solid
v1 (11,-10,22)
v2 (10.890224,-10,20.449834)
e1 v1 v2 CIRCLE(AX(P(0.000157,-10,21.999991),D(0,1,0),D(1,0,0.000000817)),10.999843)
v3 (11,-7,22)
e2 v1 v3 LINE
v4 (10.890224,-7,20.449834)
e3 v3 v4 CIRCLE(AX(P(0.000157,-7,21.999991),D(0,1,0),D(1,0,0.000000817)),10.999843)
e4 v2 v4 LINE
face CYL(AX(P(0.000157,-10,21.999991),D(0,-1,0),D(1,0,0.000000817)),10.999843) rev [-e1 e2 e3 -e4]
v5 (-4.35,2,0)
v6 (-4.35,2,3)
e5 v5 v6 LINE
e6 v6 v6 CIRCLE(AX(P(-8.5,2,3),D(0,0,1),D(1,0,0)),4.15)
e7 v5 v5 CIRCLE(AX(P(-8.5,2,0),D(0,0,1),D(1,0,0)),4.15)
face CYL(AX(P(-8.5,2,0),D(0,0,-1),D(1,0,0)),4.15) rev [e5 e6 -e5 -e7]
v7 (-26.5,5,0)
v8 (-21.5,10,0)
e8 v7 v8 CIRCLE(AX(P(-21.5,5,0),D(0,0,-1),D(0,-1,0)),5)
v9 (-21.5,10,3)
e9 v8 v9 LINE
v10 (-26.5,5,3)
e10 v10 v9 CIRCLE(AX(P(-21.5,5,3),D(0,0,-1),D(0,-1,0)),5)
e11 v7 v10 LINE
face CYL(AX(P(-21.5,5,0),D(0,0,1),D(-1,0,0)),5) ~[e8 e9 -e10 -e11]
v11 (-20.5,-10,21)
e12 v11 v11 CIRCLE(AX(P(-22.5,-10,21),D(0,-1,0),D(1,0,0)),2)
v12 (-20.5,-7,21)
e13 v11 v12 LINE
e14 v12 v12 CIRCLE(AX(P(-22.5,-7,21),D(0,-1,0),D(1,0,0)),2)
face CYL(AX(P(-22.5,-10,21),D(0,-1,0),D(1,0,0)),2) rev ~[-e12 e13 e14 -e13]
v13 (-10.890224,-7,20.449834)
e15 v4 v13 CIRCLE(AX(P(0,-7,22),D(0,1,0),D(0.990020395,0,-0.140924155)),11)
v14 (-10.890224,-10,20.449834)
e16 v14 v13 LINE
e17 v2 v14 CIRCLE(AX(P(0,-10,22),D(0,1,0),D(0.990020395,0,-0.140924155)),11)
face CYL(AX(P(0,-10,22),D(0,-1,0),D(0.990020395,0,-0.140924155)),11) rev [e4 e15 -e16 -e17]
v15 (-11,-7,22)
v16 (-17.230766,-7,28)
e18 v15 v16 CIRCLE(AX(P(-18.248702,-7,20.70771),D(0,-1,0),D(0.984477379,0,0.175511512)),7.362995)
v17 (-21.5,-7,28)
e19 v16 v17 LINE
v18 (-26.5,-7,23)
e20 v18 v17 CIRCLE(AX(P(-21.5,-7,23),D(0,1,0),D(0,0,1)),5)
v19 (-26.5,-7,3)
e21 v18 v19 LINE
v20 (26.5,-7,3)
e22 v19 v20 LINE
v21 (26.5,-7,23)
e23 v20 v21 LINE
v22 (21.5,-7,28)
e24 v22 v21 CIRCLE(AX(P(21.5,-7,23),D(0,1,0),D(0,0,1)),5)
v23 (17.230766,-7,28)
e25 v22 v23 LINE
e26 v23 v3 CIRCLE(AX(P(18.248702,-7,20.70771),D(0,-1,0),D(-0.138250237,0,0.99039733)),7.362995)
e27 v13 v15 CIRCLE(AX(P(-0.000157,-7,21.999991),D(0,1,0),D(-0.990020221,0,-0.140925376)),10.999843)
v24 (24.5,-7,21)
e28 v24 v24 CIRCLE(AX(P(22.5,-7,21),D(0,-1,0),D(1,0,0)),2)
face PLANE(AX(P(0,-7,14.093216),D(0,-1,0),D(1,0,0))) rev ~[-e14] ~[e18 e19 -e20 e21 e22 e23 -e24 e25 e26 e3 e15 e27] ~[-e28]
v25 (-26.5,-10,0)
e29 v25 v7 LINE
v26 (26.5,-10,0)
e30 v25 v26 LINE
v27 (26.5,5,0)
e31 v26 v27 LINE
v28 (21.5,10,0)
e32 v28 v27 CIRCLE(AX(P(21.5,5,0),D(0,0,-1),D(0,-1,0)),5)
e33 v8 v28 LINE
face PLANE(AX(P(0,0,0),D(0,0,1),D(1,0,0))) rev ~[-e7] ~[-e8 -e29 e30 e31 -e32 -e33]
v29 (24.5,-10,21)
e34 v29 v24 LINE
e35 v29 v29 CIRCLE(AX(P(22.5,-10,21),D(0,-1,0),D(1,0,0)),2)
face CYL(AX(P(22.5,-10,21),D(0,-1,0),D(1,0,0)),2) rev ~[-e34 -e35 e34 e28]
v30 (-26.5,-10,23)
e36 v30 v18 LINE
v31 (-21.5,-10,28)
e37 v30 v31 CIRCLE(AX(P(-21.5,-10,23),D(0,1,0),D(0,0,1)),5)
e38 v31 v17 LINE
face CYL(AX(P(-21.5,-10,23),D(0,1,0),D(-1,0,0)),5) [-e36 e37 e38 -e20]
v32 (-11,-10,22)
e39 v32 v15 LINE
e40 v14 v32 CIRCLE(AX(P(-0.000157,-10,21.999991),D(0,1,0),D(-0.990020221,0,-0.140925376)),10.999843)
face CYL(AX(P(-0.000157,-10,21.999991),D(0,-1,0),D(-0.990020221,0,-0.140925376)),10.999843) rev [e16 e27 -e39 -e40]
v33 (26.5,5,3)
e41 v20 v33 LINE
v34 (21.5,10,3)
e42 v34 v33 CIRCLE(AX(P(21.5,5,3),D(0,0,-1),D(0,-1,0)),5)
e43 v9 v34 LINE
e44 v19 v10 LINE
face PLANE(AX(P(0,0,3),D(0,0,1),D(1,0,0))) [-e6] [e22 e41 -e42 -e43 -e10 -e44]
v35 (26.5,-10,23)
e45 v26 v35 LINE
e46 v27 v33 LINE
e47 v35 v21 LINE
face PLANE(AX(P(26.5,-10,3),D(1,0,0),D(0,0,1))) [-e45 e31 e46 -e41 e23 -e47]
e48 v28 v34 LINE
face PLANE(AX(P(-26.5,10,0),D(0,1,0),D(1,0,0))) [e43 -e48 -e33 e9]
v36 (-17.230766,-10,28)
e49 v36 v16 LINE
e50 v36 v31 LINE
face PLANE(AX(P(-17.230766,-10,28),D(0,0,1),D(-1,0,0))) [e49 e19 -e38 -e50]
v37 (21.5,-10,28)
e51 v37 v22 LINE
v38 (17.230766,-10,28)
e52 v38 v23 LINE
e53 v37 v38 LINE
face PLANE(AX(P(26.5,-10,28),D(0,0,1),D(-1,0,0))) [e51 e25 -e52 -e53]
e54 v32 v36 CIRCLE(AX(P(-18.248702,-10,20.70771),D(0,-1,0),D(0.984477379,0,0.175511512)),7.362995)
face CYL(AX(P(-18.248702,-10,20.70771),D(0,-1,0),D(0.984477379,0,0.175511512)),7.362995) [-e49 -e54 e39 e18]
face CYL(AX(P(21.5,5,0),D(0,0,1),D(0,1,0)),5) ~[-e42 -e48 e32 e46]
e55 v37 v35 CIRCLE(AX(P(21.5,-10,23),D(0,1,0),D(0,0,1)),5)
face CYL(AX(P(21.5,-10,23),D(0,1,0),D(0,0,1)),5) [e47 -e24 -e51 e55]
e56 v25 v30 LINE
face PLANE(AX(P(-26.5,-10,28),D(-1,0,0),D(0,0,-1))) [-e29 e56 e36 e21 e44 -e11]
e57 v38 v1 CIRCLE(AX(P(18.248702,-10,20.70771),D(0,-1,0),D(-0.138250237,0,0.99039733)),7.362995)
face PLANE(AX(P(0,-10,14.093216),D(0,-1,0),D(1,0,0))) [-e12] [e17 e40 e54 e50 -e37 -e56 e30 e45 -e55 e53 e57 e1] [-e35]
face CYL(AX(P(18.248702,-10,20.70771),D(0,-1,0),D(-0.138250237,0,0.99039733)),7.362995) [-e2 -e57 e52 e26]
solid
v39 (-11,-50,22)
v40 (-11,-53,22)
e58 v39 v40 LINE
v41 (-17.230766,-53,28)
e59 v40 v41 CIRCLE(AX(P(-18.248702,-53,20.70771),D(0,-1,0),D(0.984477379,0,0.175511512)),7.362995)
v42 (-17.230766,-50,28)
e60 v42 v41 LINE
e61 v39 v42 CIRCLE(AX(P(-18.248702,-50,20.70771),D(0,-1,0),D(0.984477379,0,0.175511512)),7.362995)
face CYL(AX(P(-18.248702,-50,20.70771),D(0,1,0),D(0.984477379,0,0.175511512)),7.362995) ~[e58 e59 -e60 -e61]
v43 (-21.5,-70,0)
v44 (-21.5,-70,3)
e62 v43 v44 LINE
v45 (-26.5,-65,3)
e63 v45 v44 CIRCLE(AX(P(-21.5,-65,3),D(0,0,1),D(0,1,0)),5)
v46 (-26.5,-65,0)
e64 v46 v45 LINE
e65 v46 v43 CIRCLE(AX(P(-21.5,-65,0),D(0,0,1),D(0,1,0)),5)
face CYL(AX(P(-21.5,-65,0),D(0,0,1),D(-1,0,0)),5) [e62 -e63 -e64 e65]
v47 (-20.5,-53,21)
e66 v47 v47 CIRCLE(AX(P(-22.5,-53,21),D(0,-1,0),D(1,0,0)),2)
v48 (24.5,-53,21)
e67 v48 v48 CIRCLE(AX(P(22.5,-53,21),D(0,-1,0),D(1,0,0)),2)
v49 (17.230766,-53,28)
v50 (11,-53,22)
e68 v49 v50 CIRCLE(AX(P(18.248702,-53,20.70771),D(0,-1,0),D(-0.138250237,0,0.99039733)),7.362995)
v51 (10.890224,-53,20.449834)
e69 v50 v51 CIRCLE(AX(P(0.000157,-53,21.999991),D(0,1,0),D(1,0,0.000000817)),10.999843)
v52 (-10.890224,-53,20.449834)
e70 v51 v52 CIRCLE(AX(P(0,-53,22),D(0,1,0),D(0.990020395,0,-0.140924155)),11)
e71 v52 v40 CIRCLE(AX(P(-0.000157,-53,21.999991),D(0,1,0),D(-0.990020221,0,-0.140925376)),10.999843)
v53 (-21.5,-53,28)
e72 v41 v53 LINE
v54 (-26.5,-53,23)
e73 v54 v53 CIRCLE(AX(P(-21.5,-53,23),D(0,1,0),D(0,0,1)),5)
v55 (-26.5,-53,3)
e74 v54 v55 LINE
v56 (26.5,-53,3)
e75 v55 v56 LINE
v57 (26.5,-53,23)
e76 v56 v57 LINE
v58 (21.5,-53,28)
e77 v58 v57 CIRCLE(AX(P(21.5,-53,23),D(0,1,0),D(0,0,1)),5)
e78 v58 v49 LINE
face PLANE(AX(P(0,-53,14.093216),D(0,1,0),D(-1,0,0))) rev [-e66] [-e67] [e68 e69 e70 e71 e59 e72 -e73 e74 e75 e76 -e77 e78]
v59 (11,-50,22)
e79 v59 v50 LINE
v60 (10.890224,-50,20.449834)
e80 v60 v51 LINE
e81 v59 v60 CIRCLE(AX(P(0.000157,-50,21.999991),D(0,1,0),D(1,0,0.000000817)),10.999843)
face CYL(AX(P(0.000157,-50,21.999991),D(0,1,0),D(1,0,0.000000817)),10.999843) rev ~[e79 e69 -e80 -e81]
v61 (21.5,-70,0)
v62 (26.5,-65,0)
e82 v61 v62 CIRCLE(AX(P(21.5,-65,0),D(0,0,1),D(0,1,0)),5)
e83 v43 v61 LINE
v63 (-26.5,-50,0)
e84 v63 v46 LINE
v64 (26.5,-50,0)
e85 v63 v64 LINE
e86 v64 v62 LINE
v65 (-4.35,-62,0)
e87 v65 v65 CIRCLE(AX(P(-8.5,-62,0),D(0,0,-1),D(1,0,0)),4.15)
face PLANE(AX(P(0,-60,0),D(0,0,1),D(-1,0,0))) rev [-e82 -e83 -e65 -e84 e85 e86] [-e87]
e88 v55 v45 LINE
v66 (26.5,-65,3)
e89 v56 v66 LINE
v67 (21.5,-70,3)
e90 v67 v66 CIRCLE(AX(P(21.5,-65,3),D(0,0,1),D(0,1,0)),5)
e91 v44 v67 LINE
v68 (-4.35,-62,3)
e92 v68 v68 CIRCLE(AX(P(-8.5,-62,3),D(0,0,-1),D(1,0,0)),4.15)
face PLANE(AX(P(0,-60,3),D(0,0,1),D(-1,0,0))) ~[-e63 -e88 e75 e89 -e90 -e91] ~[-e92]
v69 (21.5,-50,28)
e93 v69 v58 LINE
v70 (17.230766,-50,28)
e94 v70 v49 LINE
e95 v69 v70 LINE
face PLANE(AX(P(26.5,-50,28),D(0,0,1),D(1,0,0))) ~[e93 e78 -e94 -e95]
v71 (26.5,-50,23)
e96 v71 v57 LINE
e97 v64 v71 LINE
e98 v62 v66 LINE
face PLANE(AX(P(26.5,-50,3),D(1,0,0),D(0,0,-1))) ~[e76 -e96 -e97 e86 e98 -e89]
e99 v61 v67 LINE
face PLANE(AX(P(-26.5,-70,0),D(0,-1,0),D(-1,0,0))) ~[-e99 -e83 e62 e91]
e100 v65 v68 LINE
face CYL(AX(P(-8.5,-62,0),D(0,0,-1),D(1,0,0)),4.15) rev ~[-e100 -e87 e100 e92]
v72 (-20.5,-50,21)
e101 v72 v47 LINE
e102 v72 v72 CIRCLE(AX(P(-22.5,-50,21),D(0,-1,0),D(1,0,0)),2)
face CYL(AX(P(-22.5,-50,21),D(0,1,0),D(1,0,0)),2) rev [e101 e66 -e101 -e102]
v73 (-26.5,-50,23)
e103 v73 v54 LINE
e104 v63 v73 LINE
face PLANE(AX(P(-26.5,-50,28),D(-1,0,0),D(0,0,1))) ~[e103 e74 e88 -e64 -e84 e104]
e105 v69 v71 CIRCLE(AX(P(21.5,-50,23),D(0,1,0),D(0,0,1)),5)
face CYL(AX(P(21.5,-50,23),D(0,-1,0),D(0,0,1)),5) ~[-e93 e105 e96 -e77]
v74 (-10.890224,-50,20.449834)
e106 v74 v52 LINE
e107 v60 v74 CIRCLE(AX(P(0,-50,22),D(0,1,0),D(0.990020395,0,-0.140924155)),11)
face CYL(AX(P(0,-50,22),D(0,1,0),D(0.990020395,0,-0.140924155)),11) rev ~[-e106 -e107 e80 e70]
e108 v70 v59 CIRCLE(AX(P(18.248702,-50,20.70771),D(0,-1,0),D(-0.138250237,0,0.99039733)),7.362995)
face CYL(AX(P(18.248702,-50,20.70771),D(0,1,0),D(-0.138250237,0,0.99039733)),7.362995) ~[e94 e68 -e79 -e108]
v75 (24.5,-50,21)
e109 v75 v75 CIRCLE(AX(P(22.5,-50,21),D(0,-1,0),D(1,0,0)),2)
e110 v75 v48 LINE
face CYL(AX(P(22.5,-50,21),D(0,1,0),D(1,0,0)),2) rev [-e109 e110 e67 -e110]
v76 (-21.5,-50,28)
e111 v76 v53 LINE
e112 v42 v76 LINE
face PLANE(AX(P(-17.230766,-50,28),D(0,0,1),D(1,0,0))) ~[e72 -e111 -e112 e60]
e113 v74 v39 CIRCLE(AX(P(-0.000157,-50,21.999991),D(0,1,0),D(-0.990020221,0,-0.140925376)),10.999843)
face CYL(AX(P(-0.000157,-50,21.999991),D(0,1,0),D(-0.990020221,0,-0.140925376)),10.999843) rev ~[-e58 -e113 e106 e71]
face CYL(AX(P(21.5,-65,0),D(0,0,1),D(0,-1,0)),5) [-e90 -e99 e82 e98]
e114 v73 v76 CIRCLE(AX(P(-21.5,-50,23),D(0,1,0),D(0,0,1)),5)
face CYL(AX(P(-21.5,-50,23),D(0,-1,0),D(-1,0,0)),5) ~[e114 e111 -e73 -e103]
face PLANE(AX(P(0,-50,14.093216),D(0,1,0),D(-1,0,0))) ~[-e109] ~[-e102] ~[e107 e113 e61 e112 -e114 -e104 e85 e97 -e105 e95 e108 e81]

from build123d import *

# Parameters (mm, degrees)
F0_W     = 53
F0_H     = 20
F0_R     = 4.15
F1_DEPTH = 3
F2_R     = 5
F3_R     = 2
F4_DEPTH = 3
F5_R     = 5


with BuildPart() as f1:
    # F0 (on Top) → F1 (new body)
    with BuildSketch(Plane.XY):
        Rectangle(F0_W, F0_H)
        with Locations((-8.5, 2)):
            Circle(F0_R, mode=Mode.SUBTRACT)
    extrude(amount=F1_DEPTH)

    # F2
    f2_edges = [f1.edges().sort_by_distance(p)[0] for p in [
        (-26.5, 10, 1.5),
        (26.5, 10, 1.5),
    ]]
    fillet(f2_edges, radius=F2_R)

    # F3 (on face) → F4 (join)
    with BuildSketch(Plane.XZ.offset(10)):
        with BuildLine():
            Line((-26.5, 28), (-26.5, 3))
            Line((-26.5, 3), (26.5, 3))
            Line((26.5, 3), (26.5, 28))
            Line((26.5, 28), (19.266637, 28))
            Line((19.266637, 28), (17.230766, 28))
            ThreePointArc((17.230766, 28), (13.14142, 26.011422), (11, 22))
            ThreePointArc((11, 22), (10.972522, 21.222976), (10.890224, 20.449834))
            ThreePointArc((10.890224, 20.449834), (0, 11), (-10.890224, 20.449834))
            ThreePointArc((-10.890224, 20.449834), (-10.972522, 21.222976), (-11, 22))
            ThreePointArc((-11, 22), (-13.14142, 26.011422), (-17.230766, 28))
            Line((-17.230766, 28), (-19.266637, 28))
            Line((-19.266637, 28), (-26.5, 28))
        make_face()
        with Locations((-22.5, 21)):
            Circle(F3_R, mode=Mode.SUBTRACT)
        with Locations((22.5, 21)):
            Circle(F3_R, mode=Mode.SUBTRACT)
    extrude(amount=-F4_DEPTH)

    # F5
    f5_edges = [f1.edges().sort_by_distance(p)[0] for p in [
        (-26.5, -8.5, 28),
        (26.5, -8.5, 28),
    ]]
    fillet(f5_edges, radius=F5_R)


with BuildPart() as f7_1:
    # F7: instance of F1
    add(f1.part.mirror(Plane.XZ.offset(30)))


solid = Compound([f1.part, f7_1.part])
